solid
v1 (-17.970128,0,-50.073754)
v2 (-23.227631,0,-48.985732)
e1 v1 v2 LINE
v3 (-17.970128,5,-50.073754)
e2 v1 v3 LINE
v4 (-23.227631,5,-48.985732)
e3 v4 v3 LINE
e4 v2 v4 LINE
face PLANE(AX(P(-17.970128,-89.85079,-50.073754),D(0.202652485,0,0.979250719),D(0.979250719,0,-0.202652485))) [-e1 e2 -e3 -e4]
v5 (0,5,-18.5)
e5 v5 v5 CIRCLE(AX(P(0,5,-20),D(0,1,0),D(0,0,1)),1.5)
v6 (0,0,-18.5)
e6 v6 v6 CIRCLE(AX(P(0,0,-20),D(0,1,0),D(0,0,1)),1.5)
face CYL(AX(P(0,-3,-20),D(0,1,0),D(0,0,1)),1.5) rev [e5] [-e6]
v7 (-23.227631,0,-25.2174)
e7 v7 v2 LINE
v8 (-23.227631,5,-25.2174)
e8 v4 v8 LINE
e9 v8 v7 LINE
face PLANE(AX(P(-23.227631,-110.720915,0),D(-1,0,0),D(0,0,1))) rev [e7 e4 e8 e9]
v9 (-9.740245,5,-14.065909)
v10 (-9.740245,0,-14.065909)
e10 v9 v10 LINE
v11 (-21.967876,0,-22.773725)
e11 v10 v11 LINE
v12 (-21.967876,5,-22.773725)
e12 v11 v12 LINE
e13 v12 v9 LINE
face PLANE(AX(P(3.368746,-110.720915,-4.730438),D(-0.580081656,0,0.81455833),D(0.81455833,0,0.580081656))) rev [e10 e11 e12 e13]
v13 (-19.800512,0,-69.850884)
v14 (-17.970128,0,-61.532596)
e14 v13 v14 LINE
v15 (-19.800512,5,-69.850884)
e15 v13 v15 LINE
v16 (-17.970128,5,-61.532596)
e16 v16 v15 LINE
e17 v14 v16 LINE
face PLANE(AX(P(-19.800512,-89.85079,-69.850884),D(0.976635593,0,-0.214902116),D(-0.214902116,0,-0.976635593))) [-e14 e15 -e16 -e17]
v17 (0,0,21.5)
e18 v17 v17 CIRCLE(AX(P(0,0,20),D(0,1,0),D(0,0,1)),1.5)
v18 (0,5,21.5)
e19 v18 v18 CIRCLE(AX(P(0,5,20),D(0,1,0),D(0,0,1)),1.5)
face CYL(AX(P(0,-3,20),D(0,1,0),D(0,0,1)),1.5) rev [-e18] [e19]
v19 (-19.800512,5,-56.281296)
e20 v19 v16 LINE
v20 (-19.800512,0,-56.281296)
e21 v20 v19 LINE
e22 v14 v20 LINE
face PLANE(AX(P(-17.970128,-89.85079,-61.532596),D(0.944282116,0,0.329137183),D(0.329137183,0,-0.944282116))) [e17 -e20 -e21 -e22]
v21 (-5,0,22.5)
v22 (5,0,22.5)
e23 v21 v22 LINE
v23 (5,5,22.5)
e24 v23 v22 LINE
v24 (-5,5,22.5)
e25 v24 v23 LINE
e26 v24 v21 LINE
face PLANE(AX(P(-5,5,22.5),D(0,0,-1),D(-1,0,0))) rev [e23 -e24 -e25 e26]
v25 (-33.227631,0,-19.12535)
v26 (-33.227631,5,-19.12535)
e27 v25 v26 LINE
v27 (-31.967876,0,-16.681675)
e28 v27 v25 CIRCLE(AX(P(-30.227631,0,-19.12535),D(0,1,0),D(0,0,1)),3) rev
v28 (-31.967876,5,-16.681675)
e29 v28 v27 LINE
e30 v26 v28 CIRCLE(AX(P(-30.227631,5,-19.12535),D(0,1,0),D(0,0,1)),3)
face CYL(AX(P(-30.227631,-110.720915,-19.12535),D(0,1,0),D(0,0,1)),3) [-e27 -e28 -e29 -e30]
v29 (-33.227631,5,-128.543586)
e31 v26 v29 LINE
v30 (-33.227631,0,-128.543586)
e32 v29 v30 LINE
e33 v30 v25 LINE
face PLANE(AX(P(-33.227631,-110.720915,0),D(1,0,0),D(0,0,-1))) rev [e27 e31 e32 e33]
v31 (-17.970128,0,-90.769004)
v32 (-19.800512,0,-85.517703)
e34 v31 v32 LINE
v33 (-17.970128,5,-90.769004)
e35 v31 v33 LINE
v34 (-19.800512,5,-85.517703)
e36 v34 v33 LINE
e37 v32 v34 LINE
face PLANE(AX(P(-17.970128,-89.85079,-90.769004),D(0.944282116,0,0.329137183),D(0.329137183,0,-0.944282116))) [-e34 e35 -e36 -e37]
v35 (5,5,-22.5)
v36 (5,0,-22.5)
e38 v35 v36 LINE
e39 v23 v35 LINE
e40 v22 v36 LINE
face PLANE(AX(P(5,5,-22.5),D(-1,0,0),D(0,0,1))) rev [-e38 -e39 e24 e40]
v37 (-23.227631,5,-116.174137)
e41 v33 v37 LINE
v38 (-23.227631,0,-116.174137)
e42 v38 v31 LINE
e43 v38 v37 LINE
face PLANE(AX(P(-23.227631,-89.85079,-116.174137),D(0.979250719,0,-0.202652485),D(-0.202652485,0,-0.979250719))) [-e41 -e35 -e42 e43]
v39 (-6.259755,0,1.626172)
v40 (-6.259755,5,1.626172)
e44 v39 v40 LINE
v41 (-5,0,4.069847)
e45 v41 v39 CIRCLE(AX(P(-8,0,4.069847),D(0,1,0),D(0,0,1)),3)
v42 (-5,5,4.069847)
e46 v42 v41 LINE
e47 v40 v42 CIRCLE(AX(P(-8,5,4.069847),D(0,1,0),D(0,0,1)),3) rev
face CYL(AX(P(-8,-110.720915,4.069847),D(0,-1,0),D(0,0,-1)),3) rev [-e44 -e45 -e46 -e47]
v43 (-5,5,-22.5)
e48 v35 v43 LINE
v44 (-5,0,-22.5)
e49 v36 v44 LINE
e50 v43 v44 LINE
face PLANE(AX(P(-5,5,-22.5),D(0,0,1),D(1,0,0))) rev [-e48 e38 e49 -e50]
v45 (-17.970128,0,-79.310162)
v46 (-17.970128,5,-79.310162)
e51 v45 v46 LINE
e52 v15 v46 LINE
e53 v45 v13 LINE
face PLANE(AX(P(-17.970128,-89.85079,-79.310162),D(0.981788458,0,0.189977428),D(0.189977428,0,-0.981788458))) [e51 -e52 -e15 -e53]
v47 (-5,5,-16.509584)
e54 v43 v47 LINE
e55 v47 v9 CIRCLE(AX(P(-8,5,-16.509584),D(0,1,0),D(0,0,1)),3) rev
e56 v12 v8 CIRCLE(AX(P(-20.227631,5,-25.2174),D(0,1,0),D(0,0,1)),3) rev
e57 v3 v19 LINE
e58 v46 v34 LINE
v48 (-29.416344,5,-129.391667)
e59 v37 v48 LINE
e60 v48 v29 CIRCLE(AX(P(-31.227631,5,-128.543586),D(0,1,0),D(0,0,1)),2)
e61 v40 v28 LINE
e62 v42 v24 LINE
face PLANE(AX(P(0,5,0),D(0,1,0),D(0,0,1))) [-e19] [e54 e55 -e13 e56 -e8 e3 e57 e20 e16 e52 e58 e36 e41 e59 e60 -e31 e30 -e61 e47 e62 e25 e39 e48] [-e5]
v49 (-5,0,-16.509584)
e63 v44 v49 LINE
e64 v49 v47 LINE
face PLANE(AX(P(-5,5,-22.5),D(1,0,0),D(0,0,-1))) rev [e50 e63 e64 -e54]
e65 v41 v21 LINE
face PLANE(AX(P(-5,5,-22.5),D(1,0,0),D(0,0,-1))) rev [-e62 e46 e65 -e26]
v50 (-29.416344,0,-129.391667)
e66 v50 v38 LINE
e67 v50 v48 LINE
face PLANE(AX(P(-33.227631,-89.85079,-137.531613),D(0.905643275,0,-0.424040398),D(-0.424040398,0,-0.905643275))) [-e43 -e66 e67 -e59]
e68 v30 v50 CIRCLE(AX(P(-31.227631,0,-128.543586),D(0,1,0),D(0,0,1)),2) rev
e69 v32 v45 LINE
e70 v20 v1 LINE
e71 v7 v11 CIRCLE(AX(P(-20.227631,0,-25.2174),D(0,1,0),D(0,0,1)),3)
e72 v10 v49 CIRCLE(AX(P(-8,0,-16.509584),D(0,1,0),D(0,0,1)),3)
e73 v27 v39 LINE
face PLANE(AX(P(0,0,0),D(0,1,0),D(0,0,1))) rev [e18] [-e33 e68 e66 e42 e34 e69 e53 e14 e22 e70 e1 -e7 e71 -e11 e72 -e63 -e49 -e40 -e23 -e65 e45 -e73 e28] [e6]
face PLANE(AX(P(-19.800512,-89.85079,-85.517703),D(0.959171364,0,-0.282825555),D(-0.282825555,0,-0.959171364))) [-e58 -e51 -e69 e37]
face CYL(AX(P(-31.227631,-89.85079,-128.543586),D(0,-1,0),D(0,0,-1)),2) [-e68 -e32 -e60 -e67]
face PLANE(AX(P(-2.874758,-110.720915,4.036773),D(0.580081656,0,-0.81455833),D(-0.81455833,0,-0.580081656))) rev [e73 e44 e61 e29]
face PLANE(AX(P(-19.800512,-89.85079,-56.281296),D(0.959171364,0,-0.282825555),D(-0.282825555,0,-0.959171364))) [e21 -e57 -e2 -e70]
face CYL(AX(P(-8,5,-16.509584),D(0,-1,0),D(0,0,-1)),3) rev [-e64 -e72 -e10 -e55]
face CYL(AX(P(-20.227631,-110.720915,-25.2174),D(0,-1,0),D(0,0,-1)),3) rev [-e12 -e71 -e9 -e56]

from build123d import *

# Parameters (mm, degrees)
SKETCH1_W           = 10
SKETCH1_H           = 45
BOSS_EXTRUDE1_DEPTH = 5
SKETCH2_R           = 1.5
CUT_EXTRUDE1_DEPTH  = 8
BOSS_EXTRUDE3_DEPTH = 5
BOSS_EXTRUDE4_DEPTH = 5
FILLET1_R           = 2
FILLET2_R           = 3
FILLET3_R           = 3


with BuildPart() as part:
    # Sketch1 → Boss-Extrude1 (new body)
    with BuildSketch(Plane(origin=(0, 0, 0), x_dir=(1, 0, 0), z_dir=(0, 1, 0))):
        Rectangle(SKETCH1_W, SKETCH1_H)
    extrude(amount=BOSS_EXTRUDE1_DEPTH)

    # Sketch2 → Cut-Extrude1 (cut)
    with BuildSketch(Plane(origin=(0, 5, 0), x_dir=(1, 0, 0), z_dir=(0, 1, 0))):
        with Locations(Location((0, -20, 0), (0, 0, 270))):
            Circle(SKETCH2_R)
        with Locations(Location((0, 20, 0), (0, 0, 270))):
            Circle(SKETCH2_R)
    extrude(amount=-CUT_EXTRUDE1_DEPTH, mode=Mode.SUBTRACT)

    # Sketch6 → Boss-Extrude3 (add)
    with BuildSketch(Plane(origin=(0, 5, 0), x_dir=(1, 0, 0), z_dir=(0, 1, 0))):
        Polygon((-33.227631009, 17.578800472), (-5, -2.523297008), (-5, 10.69017833), (-23.227631009, 23.670850185), (-23.227631009, 104.538936329), (-33.227631009, 104.538936329), align=None)
    extrude(amount=-BOSS_EXTRUDE3_DEPTH)

    # Sketch7 → Boss-Extrude4 (add)
    with BuildSketch(Plane(origin=(0, 5, 0), x_dir=(1, 0, 0), z_dir=(0, 1, 0))):
        Polygon((-23.227631009, 116.174137028), (-17.970128301, 90.769004099), (-19.800511719, 85.517703367), (-17.970128301, 79.310161893), (-19.800511719, 69.850883837), (-17.970128301, 61.532596279), (-19.800511719, 56.281295548), (-17.970128301, 50.073754074), (-23.227631009, 48.98573242), (-23.227631009, 104.538936329), (-33.227631009, 104.538936329), (-33.227631009, 137.531613315), align=None)
    extrude(amount=-BOSS_EXTRUDE4_DEPTH)

    # Fillet1
    fillet1_edges = [part.edges().sort_by_distance(p)[0] for p in [
        (-33.227631009, 2.5, -137.531613315),
    ]]
    fillet(fillet1_edges, radius=FILLET1_R)

    # Fillet2
    fillet2_edges = [part.edges().sort_by_distance(p)[0] for p in [
        (-5, 2.5, 2.523297008),
        (-5, 2.5, -10.69017833),
        (-23.227631009, 2.5, -23.670850185),
    ]]
    fillet(fillet2_edges, radius=FILLET2_R)

    # Fillet3
    fillet3_edges = [part.edges().sort_by_distance(p)[0] for p in [
        (-33.227631009, 2.5, -17.578800472),
    ]]
    fillet(fillet3_edges, radius=FILLET3_R)


solid = part.part
